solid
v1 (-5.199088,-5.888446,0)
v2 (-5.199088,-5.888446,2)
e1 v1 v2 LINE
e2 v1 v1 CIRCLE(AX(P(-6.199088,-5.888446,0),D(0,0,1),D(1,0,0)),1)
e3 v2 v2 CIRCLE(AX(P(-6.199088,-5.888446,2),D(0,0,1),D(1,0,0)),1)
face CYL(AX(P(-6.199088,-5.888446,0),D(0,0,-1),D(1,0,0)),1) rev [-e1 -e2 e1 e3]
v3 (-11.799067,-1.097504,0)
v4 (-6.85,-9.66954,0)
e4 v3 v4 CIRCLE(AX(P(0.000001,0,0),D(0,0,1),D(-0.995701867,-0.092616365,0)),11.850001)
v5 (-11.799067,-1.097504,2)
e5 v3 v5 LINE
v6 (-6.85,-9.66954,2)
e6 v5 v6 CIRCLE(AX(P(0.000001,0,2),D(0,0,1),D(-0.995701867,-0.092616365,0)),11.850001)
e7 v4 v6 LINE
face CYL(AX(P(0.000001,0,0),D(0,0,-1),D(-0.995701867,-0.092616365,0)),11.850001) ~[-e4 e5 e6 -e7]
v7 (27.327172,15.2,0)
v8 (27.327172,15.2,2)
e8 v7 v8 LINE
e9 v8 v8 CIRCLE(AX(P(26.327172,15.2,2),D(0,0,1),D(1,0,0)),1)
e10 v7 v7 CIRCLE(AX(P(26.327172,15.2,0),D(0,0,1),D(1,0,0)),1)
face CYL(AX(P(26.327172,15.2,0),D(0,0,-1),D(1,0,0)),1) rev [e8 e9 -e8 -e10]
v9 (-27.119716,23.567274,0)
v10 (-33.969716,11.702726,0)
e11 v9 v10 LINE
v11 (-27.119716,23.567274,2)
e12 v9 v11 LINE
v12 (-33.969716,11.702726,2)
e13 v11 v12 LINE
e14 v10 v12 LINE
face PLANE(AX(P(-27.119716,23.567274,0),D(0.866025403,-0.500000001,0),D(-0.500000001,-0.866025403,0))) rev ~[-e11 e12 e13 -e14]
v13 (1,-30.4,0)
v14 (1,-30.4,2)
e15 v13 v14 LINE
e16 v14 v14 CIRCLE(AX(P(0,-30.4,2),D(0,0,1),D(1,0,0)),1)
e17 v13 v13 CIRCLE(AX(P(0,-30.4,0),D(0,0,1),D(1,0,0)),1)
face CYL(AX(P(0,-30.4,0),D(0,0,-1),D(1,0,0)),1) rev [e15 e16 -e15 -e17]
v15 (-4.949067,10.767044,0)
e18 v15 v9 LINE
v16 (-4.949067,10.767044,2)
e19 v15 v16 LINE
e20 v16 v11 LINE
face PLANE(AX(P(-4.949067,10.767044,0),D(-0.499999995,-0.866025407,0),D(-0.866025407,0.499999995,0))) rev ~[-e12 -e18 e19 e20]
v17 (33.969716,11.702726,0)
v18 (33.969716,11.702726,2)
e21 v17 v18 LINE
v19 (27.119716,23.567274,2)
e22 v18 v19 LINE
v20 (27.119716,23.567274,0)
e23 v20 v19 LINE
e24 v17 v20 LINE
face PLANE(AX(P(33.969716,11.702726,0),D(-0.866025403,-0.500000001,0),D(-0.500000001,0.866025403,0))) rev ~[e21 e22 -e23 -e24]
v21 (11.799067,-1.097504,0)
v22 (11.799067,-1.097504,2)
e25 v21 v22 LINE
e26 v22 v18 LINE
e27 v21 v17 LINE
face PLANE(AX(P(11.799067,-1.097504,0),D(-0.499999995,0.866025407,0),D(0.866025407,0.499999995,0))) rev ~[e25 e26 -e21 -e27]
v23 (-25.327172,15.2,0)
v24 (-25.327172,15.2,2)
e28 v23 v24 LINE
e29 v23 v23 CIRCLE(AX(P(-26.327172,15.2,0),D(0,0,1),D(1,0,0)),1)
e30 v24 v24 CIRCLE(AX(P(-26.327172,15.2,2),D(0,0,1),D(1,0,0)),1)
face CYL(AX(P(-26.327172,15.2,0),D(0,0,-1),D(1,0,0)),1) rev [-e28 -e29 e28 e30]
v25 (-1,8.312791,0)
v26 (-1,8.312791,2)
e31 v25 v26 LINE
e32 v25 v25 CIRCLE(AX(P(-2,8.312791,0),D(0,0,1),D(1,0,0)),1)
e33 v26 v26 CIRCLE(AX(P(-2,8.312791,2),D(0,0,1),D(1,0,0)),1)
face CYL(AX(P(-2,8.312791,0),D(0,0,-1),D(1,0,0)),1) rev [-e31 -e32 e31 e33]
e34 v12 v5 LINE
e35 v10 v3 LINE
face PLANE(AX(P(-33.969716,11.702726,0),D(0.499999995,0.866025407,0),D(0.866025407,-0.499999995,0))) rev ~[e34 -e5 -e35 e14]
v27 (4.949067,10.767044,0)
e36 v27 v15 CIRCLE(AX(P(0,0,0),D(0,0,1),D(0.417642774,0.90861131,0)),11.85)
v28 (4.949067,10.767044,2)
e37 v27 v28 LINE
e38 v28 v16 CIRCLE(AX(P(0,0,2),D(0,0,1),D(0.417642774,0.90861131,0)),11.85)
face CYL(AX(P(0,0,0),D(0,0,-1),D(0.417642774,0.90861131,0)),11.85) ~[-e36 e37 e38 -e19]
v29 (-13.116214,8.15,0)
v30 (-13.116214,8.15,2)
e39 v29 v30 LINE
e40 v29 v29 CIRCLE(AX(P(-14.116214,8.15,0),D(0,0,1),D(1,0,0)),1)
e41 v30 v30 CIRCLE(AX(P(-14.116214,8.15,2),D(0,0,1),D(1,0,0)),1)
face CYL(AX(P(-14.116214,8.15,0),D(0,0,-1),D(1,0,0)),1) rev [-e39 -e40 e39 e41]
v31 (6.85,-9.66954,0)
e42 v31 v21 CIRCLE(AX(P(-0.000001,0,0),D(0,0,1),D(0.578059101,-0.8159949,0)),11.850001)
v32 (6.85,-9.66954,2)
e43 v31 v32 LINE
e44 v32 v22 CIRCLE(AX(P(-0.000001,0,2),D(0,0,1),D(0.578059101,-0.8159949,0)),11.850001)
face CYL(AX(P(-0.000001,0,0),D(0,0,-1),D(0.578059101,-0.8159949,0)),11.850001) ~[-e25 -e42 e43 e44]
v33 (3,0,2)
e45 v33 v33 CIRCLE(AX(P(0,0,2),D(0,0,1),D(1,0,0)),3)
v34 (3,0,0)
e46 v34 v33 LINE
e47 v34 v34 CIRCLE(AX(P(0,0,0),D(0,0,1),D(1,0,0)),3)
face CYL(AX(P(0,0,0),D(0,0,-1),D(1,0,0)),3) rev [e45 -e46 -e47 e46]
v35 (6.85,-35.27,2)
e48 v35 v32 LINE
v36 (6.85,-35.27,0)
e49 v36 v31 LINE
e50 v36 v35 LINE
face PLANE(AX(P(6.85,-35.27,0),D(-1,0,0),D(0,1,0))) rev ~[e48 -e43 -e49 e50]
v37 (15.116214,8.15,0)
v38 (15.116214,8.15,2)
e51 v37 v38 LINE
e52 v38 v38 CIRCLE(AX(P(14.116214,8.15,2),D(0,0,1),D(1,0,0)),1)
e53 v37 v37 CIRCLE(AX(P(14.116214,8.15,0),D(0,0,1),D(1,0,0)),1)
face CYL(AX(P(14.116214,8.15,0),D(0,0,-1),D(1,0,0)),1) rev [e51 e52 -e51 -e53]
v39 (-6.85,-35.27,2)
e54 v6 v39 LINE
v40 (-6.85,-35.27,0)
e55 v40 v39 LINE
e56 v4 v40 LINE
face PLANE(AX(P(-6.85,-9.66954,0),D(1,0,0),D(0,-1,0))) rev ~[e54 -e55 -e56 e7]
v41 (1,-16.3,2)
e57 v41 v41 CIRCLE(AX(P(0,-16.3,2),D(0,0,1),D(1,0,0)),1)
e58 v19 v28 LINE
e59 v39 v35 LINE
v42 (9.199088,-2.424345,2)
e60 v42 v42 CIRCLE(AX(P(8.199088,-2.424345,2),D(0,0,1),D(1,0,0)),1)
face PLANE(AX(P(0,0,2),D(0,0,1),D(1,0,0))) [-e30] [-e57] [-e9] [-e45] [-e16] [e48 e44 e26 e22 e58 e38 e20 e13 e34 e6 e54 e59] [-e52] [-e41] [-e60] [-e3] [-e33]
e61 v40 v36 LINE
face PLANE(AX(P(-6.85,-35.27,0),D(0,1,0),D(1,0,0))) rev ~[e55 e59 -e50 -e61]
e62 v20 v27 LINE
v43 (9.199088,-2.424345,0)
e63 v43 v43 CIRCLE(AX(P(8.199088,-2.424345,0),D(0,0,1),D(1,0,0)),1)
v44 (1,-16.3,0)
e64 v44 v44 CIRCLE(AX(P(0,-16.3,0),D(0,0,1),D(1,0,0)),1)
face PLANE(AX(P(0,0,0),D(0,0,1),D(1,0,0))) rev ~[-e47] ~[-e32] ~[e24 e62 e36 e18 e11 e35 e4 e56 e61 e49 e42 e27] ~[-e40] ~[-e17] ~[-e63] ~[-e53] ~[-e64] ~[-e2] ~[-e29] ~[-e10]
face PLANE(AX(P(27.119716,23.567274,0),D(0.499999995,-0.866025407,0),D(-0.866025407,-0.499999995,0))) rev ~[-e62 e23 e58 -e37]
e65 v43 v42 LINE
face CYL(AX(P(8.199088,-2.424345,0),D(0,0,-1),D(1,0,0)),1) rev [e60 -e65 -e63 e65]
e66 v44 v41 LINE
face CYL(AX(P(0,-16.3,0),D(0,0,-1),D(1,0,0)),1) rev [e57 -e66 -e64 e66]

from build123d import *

# Parameters (mm, degrees)
F0_R     = 1
F0_R_2   = 3
F1_DEPTH = 2


with BuildPart() as f1:
    # F0 (on Top) → F1 (new body)
    with BuildSketch(Plane.XY):
        with BuildLine():
            Line((6.85, -35.27), (6.85, -9.66954))
            ThreePointArc((6.85, -9.66954), (10.262401, -5.925), (11.799067, -1.097504))
            Line((11.799067, -1.097504), (33.969716, 11.702726))
            Line((33.969716, 11.702726), (27.119716, 23.567274))
            Line((27.119716, 23.567274), (4.949067, 10.767044))
            ThreePointArc((4.949067, 10.767044), (0, 11.85), (-4.949067, 10.767044))
            Line((-4.949067, 10.767044), (-27.119716, 23.567274))
            Line((-27.119716, 23.567274), (-33.969716, 11.702726))
            Line((-33.969716, 11.702726), (-11.799067, -1.097504))
            ThreePointArc((-11.799067, -1.097504), (-10.262401, -5.925), (-6.85, -9.66954))
            Line((-6.85, -9.66954), (-6.85, -35.27))
            Line((-6.85, -35.27), (6.85, -35.27))
        make_face()
        with Locations((0, -30.4)):
            Circle(F0_R, mode=Mode.SUBTRACT)
        with Locations((0, -16.3)):
            Circle(F0_R, mode=Mode.SUBTRACT)
        with Locations((-6.199088, -5.888446)):
            Circle(F0_R, mode=Mode.SUBTRACT)
        Circle(F0_R_2, mode=Mode.SUBTRACT)
        with Locations((-14.116214, 8.15)):
            Circle(F0_R, mode=Mode.SUBTRACT)
        with Locations((-2, 8.312791)):
            Circle(F0_R, mode=Mode.SUBTRACT)
        with Locations((-26.327172, 15.2)):
            Circle(F0_R, mode=Mode.SUBTRACT)
        with Locations((8.199088, -2.424345)):
            Circle(F0_R, mode=Mode.SUBTRACT)
        with Locations((14.116214, 8.15)):
            Circle(F0_R, mode=Mode.SUBTRACT)
        with Locations((26.327172, 15.2)):
            Circle(F0_R, mode=Mode.SUBTRACT)
    extrude(amount=F1_DEPTH)


solid = f1.part
